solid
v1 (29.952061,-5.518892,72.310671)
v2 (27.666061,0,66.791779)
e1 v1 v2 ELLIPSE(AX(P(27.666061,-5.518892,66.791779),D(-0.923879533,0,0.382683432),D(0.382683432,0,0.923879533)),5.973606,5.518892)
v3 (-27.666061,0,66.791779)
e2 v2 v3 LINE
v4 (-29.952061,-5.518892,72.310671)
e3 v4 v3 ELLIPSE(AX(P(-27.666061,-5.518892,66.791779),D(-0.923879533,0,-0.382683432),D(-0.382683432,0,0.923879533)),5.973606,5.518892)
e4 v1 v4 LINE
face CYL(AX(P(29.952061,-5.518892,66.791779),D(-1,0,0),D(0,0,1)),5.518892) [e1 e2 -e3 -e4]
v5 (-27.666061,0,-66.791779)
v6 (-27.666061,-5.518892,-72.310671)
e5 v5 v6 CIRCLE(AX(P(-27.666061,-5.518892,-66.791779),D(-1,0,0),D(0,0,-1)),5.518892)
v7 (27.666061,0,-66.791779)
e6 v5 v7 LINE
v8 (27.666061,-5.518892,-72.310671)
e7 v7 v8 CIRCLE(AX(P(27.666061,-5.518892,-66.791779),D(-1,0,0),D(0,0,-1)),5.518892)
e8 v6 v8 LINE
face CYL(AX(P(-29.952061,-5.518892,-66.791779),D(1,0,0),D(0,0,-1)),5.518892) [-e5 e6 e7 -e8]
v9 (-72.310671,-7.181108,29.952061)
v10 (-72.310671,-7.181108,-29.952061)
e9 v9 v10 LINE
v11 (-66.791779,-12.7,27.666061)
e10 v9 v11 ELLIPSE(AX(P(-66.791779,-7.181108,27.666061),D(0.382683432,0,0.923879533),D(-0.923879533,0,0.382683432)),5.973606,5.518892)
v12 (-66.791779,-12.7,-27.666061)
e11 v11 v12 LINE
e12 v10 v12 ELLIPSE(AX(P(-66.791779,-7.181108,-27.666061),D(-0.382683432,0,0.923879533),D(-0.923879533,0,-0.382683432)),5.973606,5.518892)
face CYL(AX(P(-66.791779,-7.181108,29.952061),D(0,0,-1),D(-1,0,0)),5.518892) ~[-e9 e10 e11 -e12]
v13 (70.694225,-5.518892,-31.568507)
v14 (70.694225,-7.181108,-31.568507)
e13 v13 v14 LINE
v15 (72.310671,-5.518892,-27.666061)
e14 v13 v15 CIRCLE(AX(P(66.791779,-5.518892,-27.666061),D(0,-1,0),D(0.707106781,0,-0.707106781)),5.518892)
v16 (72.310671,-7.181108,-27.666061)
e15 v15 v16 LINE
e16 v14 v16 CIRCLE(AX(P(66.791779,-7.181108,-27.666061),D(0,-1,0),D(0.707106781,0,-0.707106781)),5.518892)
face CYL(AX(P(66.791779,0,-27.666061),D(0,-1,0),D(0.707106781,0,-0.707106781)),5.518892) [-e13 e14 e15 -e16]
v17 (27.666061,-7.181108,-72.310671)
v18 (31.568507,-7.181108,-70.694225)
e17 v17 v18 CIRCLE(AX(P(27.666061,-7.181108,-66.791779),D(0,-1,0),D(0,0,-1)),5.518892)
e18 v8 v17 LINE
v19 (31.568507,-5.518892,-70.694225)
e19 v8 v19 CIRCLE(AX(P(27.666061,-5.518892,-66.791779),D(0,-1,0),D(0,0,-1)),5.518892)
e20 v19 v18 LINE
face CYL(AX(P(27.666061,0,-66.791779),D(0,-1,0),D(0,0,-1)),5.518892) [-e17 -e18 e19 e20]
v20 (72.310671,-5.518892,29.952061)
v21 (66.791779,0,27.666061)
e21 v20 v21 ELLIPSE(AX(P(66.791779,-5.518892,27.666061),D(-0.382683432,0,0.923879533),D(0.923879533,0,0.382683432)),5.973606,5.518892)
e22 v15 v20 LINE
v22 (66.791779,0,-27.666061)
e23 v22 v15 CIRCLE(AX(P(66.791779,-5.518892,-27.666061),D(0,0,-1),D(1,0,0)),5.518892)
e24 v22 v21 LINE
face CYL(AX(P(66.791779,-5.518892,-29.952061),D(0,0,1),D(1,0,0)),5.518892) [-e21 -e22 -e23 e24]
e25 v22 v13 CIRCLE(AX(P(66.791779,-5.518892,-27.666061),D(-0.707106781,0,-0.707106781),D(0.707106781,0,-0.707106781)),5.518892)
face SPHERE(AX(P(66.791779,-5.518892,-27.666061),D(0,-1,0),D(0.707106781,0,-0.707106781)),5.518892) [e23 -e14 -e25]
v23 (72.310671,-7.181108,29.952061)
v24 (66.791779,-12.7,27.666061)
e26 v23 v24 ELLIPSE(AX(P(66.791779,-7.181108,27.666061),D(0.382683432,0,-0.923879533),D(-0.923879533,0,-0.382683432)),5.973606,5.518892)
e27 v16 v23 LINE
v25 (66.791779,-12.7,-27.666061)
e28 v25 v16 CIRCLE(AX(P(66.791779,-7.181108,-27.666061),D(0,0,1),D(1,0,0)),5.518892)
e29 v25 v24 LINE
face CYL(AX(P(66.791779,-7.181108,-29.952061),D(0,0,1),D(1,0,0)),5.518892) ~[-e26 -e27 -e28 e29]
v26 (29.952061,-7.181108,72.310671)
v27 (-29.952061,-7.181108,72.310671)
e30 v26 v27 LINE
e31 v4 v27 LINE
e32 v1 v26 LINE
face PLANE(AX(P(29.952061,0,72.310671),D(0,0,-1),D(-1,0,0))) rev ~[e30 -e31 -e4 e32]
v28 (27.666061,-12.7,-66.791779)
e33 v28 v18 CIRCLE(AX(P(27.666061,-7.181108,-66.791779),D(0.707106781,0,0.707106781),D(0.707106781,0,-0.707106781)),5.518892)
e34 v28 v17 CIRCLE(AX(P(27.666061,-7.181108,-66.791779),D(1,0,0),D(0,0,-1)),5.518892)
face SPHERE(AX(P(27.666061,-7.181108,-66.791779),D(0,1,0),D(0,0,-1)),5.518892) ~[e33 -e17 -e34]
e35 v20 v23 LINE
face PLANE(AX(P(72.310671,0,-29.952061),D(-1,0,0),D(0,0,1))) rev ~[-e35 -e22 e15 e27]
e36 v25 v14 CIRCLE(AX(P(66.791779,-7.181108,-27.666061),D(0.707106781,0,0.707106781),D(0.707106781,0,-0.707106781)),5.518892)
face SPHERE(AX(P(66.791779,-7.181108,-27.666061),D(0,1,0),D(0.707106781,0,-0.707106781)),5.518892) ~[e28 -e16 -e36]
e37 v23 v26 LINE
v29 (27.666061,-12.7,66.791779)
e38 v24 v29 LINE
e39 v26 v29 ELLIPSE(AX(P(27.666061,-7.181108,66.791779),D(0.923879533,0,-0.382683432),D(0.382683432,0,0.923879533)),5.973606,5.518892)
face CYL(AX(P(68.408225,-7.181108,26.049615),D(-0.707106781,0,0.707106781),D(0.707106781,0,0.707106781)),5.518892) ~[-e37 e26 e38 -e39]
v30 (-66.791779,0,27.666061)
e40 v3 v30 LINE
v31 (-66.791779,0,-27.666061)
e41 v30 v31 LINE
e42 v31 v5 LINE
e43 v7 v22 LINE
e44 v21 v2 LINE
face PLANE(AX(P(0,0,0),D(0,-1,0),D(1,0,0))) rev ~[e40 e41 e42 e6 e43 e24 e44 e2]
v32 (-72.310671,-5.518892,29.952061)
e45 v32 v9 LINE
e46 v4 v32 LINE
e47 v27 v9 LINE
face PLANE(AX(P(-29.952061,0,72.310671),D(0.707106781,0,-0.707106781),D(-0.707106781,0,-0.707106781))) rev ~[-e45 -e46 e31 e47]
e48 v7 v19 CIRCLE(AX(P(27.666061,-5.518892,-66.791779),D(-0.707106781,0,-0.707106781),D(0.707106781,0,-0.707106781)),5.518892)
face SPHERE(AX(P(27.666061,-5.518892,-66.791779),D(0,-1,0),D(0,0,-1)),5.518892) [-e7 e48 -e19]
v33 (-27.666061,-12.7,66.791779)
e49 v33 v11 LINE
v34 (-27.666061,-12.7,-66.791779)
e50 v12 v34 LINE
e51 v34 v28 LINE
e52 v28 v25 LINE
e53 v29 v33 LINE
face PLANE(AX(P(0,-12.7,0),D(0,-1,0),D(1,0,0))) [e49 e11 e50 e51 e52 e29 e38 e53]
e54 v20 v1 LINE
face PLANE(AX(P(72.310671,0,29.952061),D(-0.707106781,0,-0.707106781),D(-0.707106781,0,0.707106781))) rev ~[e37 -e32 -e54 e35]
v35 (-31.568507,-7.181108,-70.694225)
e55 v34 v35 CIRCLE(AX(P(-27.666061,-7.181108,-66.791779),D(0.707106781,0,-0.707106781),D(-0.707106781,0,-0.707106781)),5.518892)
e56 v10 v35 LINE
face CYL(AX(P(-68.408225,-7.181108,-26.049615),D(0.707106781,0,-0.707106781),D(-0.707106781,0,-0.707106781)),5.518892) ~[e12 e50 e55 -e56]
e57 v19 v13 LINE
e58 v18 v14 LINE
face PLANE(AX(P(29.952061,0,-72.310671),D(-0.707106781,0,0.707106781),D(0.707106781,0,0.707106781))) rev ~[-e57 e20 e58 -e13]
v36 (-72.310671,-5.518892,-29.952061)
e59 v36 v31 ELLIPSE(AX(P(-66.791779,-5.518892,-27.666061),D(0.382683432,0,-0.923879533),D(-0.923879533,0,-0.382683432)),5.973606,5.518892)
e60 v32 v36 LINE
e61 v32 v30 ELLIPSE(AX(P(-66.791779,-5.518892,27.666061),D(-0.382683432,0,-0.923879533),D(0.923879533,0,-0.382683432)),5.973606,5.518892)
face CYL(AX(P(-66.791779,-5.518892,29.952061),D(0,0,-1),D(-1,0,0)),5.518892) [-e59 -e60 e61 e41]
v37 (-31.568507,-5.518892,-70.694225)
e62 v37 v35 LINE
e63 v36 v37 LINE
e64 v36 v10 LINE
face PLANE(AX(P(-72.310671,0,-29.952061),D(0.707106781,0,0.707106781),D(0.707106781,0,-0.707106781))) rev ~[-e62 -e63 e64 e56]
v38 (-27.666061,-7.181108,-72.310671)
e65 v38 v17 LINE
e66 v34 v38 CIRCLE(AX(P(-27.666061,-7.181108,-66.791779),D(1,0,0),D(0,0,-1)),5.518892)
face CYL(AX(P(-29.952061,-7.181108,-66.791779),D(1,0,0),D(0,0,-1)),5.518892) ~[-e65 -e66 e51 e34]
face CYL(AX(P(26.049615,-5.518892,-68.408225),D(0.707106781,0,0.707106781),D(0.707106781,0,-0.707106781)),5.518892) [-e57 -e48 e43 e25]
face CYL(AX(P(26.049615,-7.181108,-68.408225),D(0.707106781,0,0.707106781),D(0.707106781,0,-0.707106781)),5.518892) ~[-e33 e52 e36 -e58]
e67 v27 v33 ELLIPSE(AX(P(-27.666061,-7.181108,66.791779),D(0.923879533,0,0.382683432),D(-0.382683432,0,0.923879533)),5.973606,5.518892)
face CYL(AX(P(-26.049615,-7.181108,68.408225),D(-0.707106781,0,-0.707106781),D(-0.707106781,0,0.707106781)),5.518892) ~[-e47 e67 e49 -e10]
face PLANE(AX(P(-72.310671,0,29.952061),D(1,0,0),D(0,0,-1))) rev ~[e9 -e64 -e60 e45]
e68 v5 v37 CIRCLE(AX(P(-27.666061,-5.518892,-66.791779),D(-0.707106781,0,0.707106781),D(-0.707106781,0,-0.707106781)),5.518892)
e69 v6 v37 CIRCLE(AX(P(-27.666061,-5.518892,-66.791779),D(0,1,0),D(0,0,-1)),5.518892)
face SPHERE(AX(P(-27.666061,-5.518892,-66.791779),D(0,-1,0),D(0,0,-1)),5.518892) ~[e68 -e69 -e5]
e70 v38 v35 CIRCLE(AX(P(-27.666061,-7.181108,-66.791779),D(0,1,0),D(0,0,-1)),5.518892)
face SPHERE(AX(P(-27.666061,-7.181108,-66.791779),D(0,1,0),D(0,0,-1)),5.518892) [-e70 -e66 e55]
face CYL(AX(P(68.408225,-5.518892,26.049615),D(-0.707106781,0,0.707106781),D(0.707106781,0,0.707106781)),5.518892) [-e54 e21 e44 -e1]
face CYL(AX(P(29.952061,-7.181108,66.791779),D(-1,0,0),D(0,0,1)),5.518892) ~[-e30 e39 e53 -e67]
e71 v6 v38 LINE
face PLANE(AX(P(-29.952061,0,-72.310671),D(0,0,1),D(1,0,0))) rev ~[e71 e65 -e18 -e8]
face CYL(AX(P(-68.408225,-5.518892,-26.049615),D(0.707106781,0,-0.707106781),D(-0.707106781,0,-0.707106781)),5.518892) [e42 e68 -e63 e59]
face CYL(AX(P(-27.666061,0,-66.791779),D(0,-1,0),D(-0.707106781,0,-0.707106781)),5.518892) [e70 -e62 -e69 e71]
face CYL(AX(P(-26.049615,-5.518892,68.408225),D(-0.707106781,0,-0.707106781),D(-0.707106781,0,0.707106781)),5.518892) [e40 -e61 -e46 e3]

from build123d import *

# Parameters (mm, degrees)
F1_DEPTH = 12.7
F2_R     = 5.518892


with BuildPart() as f1:
    # F0 (on Front) → F1 (new body)
    with BuildSketch(Plane.XZ):
        Polygon((-72.310671, 29.952061), (-72.310671, -29.952061), (-29.952061, -72.310671), (29.952061, -72.310671), (72.310671, -29.952061), (72.310671, 29.952061), (29.952061, 72.310671), (-29.952061, 72.310671), align=None)
    extrude(amount=F1_DEPTH)

    # F2
    f2_edges = [f1.edges().sort_by_distance(p)[0] for p in [
        (51.131366, -12.7, 51.131366),
        (0, -12.7, 72.310671),
        (72.310671, -12.7, 0),
        (72.310671, 0, 0),
        (51.131366, 0, 51.131366),
        (-51.131366, -12.7, 51.131366),
        (-72.310671, -12.7, 0),
        (-72.310671, 0, 0),
        (0, 0, 72.310671),
        (-51.131366, 0, 51.131366),
        (-51.131366, -12.7, -51.131366),
        (-51.131366, 0, -51.131366),
        (-29.952061, -6.35, -72.310671),
        (29.952061, -6.35, -72.310671),
        (0, 0, -72.310671),
        (0, -12.7, -72.310671),
        (72.310671, -6.35, -29.952061),
        (51.131366, 0, -51.131366),
        (51.131366, -12.7, -51.131366),
    ]]
    fillet(f2_edges, radius=F2_R)


solid = f1.part
